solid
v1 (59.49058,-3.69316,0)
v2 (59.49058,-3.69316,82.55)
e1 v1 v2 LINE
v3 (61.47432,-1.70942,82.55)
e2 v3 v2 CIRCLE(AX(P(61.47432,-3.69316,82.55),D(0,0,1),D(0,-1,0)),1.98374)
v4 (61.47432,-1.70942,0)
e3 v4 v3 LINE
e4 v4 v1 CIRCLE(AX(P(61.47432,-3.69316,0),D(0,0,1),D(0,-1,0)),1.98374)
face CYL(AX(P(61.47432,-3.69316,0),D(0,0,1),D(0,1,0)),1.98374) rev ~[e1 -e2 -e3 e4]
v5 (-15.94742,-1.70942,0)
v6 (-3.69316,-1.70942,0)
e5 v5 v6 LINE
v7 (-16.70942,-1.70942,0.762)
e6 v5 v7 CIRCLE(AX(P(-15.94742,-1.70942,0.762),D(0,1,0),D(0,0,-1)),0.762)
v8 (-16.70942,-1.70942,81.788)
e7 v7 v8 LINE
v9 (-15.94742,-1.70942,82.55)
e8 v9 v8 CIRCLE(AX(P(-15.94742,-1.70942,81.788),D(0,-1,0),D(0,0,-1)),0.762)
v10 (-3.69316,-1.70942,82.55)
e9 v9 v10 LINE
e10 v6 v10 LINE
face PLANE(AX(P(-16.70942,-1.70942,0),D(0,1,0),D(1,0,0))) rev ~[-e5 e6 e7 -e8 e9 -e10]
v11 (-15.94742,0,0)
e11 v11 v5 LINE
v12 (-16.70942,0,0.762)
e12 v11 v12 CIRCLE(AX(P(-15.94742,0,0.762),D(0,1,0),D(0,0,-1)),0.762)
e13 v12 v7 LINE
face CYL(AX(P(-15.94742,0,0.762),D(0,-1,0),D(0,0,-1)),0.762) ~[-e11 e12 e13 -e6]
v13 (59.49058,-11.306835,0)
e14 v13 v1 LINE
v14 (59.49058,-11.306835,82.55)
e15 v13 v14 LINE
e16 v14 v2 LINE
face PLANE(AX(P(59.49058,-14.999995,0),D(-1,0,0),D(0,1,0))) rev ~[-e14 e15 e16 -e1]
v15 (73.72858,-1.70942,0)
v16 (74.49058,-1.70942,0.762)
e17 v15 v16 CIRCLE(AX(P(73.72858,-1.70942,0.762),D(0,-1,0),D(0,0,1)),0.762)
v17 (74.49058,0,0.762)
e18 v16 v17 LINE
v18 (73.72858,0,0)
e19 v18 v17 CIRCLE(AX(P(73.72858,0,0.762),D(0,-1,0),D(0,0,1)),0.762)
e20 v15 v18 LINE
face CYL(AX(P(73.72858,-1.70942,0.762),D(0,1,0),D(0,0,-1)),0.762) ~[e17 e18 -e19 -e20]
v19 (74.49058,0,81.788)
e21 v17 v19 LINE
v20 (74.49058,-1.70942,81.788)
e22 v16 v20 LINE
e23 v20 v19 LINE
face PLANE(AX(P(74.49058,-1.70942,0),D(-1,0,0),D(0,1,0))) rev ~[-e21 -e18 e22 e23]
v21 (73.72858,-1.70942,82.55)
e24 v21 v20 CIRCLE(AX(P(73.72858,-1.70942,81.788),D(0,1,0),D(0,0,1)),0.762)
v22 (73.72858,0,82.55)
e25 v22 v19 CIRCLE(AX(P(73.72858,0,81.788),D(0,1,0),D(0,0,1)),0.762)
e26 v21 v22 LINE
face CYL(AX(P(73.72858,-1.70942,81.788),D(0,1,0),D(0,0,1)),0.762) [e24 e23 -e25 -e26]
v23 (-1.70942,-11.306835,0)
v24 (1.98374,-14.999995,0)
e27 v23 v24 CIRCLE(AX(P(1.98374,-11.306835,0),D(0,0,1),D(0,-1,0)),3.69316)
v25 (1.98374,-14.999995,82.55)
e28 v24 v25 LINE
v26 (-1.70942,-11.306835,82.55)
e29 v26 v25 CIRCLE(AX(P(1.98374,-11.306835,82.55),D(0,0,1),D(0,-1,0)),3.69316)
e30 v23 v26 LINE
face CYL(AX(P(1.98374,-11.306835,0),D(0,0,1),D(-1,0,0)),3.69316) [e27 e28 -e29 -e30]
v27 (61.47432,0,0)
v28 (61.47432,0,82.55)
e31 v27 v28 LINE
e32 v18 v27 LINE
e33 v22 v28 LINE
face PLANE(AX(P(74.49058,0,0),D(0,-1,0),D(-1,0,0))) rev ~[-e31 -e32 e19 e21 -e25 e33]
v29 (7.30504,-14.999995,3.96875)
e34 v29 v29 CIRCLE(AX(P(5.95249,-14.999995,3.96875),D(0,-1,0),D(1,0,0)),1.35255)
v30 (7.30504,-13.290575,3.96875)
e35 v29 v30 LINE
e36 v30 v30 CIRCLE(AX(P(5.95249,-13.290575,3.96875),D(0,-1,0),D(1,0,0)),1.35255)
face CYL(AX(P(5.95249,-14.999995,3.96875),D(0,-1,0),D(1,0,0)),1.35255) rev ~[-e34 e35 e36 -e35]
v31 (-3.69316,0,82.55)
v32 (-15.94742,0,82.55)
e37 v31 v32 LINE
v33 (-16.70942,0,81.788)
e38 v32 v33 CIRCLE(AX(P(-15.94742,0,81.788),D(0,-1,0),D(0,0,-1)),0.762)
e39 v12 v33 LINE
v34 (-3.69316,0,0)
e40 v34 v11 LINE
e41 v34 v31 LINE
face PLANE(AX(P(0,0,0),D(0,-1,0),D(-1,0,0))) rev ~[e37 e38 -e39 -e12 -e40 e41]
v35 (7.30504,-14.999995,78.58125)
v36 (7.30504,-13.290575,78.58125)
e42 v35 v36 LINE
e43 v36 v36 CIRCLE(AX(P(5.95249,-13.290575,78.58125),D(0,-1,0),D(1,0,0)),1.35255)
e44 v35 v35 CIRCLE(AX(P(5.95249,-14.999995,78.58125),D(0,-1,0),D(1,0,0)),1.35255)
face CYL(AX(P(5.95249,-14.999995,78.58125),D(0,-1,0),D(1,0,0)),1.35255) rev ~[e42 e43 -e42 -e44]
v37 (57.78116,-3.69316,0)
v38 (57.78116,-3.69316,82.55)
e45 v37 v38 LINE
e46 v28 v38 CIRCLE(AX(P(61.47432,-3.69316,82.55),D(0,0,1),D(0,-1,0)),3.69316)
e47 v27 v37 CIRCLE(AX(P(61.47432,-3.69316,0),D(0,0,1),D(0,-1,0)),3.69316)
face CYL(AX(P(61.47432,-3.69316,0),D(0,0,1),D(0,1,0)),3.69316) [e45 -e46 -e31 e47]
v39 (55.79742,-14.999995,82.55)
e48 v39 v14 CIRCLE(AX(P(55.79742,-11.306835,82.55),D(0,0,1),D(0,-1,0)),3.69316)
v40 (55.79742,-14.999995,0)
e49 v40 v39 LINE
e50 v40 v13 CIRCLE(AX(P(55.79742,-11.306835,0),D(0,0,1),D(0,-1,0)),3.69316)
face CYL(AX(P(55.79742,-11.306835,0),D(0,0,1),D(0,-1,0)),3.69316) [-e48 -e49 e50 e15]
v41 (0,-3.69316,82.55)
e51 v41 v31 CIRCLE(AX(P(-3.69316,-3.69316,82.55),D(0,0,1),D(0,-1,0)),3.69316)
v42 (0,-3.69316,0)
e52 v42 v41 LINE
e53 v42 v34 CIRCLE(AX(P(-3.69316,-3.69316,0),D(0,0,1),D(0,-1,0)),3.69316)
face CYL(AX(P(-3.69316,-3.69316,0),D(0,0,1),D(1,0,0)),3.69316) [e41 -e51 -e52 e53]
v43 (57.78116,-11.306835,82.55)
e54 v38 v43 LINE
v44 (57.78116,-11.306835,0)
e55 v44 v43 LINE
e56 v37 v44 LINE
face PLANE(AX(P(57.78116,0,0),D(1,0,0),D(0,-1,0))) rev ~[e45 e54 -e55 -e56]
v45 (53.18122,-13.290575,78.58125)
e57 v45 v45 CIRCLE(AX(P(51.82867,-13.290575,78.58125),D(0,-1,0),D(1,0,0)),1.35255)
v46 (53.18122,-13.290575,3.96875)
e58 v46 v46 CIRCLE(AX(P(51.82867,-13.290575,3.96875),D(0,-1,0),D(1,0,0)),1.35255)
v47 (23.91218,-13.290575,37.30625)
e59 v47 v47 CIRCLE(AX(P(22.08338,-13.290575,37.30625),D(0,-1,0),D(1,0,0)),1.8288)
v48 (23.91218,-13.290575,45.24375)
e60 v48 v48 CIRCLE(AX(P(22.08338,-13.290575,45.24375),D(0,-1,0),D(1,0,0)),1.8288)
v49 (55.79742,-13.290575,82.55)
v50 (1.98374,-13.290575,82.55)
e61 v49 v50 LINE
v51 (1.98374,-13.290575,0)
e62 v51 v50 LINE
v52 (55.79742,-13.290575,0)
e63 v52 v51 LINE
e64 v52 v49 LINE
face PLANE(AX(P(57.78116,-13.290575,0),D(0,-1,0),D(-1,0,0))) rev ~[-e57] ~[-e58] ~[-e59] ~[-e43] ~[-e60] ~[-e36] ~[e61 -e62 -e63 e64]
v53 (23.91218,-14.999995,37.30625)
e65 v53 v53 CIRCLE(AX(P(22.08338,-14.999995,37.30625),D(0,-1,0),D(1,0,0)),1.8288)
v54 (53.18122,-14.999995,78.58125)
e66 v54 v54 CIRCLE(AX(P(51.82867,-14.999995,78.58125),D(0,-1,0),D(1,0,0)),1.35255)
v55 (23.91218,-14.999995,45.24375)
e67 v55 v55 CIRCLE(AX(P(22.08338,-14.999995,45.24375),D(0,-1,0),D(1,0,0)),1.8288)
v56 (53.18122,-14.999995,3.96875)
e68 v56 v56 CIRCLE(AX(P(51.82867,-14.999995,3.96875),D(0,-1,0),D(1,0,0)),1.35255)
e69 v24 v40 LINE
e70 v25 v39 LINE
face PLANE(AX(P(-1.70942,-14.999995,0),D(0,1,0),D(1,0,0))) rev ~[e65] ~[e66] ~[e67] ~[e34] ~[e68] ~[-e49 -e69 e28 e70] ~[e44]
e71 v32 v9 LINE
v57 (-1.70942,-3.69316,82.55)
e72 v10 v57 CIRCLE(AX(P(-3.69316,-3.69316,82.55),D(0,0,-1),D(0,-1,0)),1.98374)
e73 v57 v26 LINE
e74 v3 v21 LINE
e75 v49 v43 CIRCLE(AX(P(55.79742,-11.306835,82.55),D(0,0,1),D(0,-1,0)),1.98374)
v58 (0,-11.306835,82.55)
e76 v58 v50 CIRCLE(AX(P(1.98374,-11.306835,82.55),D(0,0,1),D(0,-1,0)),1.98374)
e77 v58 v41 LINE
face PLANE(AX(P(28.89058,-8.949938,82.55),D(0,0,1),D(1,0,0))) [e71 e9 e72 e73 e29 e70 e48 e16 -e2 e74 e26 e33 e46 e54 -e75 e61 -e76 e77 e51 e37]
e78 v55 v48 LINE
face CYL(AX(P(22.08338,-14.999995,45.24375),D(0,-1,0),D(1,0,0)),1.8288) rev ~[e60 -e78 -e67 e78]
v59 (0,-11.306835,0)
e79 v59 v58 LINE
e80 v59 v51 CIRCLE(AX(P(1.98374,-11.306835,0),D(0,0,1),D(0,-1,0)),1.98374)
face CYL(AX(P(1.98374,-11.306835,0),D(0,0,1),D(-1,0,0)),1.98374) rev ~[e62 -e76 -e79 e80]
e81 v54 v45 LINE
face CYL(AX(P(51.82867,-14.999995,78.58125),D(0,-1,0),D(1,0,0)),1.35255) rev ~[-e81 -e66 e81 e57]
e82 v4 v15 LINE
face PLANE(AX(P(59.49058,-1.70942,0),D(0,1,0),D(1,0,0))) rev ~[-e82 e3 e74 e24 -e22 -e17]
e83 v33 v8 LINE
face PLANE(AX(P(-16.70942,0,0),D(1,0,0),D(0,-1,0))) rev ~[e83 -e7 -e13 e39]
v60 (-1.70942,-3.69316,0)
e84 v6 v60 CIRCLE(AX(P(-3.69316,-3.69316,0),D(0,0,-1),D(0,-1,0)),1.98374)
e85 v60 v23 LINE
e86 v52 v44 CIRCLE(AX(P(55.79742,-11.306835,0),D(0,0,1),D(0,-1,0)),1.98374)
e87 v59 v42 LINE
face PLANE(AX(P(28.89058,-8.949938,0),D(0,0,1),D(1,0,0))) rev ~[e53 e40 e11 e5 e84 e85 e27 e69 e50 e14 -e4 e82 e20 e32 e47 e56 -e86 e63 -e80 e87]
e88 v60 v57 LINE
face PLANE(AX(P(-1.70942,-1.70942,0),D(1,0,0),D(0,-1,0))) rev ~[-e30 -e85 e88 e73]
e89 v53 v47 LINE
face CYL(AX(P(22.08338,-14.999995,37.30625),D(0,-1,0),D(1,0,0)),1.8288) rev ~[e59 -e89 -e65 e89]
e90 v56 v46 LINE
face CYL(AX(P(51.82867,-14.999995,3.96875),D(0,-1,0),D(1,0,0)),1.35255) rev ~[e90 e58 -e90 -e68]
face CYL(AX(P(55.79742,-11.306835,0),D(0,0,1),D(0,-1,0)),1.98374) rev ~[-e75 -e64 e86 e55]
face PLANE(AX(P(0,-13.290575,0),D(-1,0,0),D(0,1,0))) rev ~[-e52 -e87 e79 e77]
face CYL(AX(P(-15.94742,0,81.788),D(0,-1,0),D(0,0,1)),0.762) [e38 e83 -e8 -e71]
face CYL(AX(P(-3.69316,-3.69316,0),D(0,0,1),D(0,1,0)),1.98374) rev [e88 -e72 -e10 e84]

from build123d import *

# Parameters (mm, degrees)
F1_DEPTH = 82.55
F2_R     = 3.69316
F3_R     = 1.98374
F4_R     = 1.35255
F4_R_2   = 1.8288
F5_DEPTH = 1.70942
F6_R     = 0.762


with BuildPart() as f1:
    # F0 (on Top) → F1 (new body)
    with BuildSketch(Plane.XY):
        Polygon((0, -13.290575), (0, 0), (-16.70942, 0), (-16.70942, -1.70942), (-1.70942, -1.70942), (-1.70942, -14.999995), (59.49058, -14.999995), (59.49058, -1.70942), (74.49058, -1.70942), (74.49058, 0), (57.78116, 0), (57.78116, -13.290575), align=None)
    extrude(amount=F1_DEPTH)

    # F2
    f2_edges = [f1.edges().sort_by_distance(p)[0] for p in [
        (59.49058, -14.999995, 41.275),
        (-1.70942, -14.999995, 41.275),
        (0, 0, 41.275),
        (57.78116, 0, 41.275),
    ]]
    fillet(f2_edges, radius=F2_R)

    # F3
    f3_edges = [f1.edges().sort_by_distance(p)[0] for p in [
        (0, -13.290575, 41.275),
        (57.78116, -13.290575, 41.275),
        (59.49058, -1.70942, 41.275),
        (-1.70942, -1.70942, 41.275),
    ]]
    fillet(f3_edges, radius=F3_R)

    # F4 (on face) → F5 (cut, through all)
    with BuildSketch(Plane.XZ.offset(14.999995)):
        with Locations((51.82867, 78.58125)):
            Circle(F4_R)
        with Locations((5.95249, 78.58125)):
            Circle(F4_R)
        with Locations((5.95249, 3.96875)):
            Circle(F4_R)
        with Locations((51.82867, 3.96875)):
            Circle(F4_R)
        with Locations((22.08338, 37.30625)):
            Circle(F4_R_2)
        with Locations((22.08338, 45.24375)):
            Circle(F4_R_2)
    extrude(amount=-F5_DEPTH, mode=Mode.SUBTRACT)

    # F6
    f6_edges = [f1.edges().sort_by_distance(p)[0] for p in [
        (-16.70942, -0.85471, 82.55),
        (-16.70942, -0.85471, 0),
        (74.49058, -0.85471, 0),
        (74.49058, -0.85471, 82.55),
    ]]
    fillet(f6_edges, radius=F6_R)


solid = f1.part
